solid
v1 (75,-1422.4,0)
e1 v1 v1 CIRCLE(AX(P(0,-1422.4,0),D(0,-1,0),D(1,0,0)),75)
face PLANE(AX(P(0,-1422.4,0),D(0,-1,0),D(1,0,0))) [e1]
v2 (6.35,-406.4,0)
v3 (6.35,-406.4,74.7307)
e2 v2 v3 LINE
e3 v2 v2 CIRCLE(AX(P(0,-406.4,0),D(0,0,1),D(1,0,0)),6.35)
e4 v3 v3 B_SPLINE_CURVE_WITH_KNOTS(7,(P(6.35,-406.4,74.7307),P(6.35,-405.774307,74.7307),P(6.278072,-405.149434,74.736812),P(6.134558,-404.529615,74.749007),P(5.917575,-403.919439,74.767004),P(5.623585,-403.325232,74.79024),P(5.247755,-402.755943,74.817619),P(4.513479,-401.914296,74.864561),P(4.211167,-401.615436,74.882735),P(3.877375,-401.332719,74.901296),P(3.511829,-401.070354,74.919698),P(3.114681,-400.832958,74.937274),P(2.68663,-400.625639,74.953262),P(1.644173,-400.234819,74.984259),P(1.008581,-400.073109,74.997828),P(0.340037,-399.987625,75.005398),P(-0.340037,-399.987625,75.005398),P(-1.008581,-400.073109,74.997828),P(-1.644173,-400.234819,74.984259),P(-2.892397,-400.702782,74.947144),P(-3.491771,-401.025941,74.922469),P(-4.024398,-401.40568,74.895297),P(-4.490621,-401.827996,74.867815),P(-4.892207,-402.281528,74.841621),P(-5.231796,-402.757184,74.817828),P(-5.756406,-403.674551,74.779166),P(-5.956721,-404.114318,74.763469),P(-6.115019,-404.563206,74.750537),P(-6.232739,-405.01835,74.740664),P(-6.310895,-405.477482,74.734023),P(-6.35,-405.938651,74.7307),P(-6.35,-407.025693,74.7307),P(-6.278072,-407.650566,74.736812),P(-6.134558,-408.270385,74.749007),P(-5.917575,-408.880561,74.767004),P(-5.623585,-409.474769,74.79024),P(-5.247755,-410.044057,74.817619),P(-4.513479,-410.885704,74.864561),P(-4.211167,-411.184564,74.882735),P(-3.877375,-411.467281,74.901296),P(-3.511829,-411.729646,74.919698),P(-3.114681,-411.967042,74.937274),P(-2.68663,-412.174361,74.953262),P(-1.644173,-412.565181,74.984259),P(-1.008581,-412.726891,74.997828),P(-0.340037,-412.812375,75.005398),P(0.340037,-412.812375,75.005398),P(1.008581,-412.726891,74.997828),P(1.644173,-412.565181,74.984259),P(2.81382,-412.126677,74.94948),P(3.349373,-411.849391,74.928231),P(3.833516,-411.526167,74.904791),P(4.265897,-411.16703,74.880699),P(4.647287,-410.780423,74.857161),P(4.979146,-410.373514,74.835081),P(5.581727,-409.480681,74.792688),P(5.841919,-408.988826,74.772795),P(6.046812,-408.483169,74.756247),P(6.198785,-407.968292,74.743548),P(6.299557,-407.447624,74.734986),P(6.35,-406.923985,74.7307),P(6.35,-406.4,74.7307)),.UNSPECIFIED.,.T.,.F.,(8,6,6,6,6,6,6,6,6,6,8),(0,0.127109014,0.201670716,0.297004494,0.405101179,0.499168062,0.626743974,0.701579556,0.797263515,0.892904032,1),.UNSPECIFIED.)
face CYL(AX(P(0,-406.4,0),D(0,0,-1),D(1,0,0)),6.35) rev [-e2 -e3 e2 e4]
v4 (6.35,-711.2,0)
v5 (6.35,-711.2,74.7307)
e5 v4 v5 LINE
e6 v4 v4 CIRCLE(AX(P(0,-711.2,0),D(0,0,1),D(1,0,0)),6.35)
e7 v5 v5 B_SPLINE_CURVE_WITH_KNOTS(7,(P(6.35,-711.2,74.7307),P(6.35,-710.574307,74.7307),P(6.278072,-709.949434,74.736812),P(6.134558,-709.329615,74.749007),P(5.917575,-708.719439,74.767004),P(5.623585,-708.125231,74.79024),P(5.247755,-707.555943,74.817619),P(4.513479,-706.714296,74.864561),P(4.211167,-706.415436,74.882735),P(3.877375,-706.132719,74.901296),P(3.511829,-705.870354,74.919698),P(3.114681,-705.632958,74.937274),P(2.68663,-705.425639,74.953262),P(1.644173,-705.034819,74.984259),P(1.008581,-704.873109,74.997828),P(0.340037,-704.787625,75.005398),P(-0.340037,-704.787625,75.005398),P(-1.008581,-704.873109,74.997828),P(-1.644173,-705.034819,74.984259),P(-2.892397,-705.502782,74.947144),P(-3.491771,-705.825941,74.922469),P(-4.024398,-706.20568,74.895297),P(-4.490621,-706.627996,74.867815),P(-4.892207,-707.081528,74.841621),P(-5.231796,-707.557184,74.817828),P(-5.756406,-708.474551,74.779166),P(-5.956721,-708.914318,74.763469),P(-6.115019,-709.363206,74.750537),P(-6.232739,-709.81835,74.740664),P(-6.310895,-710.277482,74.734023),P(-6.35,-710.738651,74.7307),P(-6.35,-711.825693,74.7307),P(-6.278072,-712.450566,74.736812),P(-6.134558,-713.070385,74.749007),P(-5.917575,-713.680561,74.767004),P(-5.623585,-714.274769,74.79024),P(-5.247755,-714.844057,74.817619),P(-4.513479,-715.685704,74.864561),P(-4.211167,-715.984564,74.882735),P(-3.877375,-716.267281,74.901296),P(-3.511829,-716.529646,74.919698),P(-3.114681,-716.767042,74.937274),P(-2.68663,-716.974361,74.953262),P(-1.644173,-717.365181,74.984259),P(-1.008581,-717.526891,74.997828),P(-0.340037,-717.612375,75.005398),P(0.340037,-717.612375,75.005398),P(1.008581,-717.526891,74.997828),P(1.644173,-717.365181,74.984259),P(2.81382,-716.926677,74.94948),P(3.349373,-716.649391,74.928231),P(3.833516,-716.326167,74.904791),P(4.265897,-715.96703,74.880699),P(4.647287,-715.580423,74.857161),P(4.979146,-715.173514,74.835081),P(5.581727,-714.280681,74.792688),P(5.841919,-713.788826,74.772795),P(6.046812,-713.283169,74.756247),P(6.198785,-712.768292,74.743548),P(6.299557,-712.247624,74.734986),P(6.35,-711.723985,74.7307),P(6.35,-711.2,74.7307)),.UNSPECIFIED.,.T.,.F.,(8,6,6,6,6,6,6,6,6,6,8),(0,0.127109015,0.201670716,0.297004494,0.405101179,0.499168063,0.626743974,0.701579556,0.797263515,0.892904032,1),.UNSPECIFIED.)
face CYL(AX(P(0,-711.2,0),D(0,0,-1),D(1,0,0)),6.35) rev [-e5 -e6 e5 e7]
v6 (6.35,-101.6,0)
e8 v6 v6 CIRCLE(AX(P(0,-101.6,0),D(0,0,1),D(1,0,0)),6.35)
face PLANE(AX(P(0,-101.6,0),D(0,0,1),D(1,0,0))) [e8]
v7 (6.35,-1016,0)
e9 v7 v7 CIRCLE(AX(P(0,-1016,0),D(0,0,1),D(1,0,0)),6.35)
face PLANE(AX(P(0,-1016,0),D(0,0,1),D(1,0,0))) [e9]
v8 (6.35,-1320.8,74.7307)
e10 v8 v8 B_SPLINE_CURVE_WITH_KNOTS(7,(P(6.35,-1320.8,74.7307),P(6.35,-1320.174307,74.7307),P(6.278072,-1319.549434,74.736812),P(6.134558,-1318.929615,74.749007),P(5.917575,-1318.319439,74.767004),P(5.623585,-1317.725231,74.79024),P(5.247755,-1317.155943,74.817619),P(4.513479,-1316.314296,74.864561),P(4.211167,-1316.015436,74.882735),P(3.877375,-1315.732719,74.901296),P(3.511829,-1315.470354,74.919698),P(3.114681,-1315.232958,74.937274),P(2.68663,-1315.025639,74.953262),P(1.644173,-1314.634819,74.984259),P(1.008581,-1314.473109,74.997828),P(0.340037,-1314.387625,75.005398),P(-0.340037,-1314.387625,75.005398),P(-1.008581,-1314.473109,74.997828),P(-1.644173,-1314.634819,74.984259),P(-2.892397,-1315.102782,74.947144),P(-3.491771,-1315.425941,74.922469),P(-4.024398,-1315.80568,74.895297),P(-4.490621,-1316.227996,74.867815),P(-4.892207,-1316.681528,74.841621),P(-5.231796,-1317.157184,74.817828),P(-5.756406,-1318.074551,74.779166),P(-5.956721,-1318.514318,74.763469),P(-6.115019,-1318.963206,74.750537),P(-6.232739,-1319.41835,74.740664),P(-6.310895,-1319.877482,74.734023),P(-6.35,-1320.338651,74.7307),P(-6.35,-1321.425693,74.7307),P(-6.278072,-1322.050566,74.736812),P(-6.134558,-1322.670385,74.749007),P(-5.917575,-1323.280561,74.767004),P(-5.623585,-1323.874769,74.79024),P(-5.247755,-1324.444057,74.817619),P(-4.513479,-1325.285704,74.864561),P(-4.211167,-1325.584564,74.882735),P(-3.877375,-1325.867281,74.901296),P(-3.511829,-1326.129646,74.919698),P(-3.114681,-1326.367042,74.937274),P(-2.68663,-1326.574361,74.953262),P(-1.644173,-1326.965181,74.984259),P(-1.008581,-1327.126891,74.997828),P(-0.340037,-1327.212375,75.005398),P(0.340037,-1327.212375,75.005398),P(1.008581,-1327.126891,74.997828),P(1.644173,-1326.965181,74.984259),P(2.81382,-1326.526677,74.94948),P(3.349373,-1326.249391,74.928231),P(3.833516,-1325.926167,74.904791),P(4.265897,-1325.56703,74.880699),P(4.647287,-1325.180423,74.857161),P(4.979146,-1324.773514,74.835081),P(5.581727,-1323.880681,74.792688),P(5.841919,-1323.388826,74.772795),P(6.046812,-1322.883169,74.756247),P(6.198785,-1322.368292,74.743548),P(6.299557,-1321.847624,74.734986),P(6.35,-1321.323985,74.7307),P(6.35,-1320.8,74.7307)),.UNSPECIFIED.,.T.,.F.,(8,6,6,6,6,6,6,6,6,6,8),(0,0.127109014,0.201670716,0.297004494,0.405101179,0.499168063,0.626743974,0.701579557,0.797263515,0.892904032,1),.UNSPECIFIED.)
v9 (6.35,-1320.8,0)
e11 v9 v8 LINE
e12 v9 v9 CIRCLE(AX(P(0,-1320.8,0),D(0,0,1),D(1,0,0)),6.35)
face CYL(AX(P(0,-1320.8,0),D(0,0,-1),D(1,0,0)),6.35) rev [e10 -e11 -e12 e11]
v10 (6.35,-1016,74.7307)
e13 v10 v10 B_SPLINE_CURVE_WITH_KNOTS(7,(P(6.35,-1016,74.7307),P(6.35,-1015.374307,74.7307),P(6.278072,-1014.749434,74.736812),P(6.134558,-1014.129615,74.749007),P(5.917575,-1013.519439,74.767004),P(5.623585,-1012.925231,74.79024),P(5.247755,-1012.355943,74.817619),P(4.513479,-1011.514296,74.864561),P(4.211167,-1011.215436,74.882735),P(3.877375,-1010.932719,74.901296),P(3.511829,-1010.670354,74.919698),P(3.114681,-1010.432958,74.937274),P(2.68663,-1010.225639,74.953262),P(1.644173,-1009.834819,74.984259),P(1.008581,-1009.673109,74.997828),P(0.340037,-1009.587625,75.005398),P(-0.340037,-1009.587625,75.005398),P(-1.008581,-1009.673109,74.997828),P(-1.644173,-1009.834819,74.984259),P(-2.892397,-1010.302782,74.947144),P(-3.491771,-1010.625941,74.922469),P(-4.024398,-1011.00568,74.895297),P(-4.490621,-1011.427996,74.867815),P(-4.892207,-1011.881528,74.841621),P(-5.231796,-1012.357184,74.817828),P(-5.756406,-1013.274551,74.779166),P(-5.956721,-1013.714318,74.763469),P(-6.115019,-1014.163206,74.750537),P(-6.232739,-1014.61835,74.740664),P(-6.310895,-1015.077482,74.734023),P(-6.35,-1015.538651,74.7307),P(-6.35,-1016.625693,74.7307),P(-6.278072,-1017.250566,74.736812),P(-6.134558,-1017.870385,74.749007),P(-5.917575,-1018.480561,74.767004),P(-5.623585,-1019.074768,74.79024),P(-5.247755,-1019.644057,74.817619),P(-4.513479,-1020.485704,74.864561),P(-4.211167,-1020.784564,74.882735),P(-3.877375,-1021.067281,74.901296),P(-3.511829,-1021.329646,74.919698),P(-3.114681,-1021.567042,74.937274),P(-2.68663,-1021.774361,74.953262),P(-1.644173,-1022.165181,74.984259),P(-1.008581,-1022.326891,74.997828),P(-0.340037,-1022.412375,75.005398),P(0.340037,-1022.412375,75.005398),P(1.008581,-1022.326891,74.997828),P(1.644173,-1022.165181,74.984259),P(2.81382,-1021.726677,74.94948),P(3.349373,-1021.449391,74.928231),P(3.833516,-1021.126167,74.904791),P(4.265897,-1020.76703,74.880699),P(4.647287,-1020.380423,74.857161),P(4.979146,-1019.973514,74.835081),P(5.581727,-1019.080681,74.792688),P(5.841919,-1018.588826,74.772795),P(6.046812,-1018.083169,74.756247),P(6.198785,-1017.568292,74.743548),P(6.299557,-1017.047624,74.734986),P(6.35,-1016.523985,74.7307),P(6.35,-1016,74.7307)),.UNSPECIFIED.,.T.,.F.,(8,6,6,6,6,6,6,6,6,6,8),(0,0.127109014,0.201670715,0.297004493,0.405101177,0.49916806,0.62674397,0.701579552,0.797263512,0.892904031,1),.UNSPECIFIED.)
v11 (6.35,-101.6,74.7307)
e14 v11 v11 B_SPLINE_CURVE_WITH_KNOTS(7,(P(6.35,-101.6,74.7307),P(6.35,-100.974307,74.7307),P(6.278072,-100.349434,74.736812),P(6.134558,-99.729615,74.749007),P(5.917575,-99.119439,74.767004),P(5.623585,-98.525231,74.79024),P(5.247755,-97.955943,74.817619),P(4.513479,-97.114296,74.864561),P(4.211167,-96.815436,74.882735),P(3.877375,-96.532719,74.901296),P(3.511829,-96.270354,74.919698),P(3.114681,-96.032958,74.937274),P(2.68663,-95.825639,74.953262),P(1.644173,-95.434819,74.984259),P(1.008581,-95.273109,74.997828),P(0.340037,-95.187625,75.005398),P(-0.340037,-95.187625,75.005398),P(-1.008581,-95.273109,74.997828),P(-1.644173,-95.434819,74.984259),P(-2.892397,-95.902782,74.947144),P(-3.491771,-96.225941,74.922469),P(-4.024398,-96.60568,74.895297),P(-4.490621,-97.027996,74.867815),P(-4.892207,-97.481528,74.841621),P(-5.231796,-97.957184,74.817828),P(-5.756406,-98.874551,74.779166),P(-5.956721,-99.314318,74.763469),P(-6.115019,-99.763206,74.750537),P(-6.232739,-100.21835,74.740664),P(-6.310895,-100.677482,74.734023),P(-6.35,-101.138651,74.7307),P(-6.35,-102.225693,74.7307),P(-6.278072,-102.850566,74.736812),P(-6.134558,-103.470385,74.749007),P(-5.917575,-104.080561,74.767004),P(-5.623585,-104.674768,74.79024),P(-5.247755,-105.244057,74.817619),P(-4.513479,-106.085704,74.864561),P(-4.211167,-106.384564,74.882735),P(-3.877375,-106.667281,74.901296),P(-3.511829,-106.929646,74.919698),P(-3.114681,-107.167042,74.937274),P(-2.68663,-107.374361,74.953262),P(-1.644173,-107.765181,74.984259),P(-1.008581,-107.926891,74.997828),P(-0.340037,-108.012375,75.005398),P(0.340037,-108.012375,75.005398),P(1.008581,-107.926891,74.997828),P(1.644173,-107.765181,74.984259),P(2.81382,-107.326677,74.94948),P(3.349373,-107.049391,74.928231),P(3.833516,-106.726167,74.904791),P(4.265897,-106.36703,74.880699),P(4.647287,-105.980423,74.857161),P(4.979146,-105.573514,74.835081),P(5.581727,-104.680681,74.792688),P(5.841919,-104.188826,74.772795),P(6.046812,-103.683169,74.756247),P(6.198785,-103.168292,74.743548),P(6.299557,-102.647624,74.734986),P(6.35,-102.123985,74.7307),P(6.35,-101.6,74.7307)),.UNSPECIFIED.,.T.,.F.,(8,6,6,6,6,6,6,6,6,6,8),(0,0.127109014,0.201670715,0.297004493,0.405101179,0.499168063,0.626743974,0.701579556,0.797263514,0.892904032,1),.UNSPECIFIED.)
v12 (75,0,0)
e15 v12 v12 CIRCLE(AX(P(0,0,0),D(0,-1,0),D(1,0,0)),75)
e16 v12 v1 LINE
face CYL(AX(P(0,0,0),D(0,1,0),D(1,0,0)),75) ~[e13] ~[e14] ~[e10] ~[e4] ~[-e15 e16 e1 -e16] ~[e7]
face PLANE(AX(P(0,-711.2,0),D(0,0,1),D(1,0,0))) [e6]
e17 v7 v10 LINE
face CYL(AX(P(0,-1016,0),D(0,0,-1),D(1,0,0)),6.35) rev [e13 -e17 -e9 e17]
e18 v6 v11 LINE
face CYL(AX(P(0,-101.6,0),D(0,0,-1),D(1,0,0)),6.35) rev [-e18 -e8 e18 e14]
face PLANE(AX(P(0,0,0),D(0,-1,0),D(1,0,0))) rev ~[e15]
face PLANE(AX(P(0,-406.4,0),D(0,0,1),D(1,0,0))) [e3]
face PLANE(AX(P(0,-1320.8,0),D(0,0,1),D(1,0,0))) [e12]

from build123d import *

# Parameters (mm, degrees)
F0_R     = 75
F1_DEPTH = 1422.4
F2_R     = 6.35
F3_DEPTH = 127


with BuildPart() as f1:
    # F0 (on Front) → F1 (new body)
    with BuildSketch(Plane.XZ):
        Circle(F0_R)
    extrude(amount=F1_DEPTH)

    # F2 (on Top) → F3 (cut)
    with BuildSketch(Plane.XY):
        with Locations((0, -711.2)):
            Circle(F2_R)
        with Locations((0, -406.4)):
            Circle(F2_R)
        with Locations((0, -1016)):
            Circle(F2_R)
        with Locations((0, -1320.8)):
            Circle(F2_R)
        with Locations((0, -101.6)):
            Circle(F2_R)
    extrude(amount=F3_DEPTH, mode=Mode.SUBTRACT)


solid = f1.part
